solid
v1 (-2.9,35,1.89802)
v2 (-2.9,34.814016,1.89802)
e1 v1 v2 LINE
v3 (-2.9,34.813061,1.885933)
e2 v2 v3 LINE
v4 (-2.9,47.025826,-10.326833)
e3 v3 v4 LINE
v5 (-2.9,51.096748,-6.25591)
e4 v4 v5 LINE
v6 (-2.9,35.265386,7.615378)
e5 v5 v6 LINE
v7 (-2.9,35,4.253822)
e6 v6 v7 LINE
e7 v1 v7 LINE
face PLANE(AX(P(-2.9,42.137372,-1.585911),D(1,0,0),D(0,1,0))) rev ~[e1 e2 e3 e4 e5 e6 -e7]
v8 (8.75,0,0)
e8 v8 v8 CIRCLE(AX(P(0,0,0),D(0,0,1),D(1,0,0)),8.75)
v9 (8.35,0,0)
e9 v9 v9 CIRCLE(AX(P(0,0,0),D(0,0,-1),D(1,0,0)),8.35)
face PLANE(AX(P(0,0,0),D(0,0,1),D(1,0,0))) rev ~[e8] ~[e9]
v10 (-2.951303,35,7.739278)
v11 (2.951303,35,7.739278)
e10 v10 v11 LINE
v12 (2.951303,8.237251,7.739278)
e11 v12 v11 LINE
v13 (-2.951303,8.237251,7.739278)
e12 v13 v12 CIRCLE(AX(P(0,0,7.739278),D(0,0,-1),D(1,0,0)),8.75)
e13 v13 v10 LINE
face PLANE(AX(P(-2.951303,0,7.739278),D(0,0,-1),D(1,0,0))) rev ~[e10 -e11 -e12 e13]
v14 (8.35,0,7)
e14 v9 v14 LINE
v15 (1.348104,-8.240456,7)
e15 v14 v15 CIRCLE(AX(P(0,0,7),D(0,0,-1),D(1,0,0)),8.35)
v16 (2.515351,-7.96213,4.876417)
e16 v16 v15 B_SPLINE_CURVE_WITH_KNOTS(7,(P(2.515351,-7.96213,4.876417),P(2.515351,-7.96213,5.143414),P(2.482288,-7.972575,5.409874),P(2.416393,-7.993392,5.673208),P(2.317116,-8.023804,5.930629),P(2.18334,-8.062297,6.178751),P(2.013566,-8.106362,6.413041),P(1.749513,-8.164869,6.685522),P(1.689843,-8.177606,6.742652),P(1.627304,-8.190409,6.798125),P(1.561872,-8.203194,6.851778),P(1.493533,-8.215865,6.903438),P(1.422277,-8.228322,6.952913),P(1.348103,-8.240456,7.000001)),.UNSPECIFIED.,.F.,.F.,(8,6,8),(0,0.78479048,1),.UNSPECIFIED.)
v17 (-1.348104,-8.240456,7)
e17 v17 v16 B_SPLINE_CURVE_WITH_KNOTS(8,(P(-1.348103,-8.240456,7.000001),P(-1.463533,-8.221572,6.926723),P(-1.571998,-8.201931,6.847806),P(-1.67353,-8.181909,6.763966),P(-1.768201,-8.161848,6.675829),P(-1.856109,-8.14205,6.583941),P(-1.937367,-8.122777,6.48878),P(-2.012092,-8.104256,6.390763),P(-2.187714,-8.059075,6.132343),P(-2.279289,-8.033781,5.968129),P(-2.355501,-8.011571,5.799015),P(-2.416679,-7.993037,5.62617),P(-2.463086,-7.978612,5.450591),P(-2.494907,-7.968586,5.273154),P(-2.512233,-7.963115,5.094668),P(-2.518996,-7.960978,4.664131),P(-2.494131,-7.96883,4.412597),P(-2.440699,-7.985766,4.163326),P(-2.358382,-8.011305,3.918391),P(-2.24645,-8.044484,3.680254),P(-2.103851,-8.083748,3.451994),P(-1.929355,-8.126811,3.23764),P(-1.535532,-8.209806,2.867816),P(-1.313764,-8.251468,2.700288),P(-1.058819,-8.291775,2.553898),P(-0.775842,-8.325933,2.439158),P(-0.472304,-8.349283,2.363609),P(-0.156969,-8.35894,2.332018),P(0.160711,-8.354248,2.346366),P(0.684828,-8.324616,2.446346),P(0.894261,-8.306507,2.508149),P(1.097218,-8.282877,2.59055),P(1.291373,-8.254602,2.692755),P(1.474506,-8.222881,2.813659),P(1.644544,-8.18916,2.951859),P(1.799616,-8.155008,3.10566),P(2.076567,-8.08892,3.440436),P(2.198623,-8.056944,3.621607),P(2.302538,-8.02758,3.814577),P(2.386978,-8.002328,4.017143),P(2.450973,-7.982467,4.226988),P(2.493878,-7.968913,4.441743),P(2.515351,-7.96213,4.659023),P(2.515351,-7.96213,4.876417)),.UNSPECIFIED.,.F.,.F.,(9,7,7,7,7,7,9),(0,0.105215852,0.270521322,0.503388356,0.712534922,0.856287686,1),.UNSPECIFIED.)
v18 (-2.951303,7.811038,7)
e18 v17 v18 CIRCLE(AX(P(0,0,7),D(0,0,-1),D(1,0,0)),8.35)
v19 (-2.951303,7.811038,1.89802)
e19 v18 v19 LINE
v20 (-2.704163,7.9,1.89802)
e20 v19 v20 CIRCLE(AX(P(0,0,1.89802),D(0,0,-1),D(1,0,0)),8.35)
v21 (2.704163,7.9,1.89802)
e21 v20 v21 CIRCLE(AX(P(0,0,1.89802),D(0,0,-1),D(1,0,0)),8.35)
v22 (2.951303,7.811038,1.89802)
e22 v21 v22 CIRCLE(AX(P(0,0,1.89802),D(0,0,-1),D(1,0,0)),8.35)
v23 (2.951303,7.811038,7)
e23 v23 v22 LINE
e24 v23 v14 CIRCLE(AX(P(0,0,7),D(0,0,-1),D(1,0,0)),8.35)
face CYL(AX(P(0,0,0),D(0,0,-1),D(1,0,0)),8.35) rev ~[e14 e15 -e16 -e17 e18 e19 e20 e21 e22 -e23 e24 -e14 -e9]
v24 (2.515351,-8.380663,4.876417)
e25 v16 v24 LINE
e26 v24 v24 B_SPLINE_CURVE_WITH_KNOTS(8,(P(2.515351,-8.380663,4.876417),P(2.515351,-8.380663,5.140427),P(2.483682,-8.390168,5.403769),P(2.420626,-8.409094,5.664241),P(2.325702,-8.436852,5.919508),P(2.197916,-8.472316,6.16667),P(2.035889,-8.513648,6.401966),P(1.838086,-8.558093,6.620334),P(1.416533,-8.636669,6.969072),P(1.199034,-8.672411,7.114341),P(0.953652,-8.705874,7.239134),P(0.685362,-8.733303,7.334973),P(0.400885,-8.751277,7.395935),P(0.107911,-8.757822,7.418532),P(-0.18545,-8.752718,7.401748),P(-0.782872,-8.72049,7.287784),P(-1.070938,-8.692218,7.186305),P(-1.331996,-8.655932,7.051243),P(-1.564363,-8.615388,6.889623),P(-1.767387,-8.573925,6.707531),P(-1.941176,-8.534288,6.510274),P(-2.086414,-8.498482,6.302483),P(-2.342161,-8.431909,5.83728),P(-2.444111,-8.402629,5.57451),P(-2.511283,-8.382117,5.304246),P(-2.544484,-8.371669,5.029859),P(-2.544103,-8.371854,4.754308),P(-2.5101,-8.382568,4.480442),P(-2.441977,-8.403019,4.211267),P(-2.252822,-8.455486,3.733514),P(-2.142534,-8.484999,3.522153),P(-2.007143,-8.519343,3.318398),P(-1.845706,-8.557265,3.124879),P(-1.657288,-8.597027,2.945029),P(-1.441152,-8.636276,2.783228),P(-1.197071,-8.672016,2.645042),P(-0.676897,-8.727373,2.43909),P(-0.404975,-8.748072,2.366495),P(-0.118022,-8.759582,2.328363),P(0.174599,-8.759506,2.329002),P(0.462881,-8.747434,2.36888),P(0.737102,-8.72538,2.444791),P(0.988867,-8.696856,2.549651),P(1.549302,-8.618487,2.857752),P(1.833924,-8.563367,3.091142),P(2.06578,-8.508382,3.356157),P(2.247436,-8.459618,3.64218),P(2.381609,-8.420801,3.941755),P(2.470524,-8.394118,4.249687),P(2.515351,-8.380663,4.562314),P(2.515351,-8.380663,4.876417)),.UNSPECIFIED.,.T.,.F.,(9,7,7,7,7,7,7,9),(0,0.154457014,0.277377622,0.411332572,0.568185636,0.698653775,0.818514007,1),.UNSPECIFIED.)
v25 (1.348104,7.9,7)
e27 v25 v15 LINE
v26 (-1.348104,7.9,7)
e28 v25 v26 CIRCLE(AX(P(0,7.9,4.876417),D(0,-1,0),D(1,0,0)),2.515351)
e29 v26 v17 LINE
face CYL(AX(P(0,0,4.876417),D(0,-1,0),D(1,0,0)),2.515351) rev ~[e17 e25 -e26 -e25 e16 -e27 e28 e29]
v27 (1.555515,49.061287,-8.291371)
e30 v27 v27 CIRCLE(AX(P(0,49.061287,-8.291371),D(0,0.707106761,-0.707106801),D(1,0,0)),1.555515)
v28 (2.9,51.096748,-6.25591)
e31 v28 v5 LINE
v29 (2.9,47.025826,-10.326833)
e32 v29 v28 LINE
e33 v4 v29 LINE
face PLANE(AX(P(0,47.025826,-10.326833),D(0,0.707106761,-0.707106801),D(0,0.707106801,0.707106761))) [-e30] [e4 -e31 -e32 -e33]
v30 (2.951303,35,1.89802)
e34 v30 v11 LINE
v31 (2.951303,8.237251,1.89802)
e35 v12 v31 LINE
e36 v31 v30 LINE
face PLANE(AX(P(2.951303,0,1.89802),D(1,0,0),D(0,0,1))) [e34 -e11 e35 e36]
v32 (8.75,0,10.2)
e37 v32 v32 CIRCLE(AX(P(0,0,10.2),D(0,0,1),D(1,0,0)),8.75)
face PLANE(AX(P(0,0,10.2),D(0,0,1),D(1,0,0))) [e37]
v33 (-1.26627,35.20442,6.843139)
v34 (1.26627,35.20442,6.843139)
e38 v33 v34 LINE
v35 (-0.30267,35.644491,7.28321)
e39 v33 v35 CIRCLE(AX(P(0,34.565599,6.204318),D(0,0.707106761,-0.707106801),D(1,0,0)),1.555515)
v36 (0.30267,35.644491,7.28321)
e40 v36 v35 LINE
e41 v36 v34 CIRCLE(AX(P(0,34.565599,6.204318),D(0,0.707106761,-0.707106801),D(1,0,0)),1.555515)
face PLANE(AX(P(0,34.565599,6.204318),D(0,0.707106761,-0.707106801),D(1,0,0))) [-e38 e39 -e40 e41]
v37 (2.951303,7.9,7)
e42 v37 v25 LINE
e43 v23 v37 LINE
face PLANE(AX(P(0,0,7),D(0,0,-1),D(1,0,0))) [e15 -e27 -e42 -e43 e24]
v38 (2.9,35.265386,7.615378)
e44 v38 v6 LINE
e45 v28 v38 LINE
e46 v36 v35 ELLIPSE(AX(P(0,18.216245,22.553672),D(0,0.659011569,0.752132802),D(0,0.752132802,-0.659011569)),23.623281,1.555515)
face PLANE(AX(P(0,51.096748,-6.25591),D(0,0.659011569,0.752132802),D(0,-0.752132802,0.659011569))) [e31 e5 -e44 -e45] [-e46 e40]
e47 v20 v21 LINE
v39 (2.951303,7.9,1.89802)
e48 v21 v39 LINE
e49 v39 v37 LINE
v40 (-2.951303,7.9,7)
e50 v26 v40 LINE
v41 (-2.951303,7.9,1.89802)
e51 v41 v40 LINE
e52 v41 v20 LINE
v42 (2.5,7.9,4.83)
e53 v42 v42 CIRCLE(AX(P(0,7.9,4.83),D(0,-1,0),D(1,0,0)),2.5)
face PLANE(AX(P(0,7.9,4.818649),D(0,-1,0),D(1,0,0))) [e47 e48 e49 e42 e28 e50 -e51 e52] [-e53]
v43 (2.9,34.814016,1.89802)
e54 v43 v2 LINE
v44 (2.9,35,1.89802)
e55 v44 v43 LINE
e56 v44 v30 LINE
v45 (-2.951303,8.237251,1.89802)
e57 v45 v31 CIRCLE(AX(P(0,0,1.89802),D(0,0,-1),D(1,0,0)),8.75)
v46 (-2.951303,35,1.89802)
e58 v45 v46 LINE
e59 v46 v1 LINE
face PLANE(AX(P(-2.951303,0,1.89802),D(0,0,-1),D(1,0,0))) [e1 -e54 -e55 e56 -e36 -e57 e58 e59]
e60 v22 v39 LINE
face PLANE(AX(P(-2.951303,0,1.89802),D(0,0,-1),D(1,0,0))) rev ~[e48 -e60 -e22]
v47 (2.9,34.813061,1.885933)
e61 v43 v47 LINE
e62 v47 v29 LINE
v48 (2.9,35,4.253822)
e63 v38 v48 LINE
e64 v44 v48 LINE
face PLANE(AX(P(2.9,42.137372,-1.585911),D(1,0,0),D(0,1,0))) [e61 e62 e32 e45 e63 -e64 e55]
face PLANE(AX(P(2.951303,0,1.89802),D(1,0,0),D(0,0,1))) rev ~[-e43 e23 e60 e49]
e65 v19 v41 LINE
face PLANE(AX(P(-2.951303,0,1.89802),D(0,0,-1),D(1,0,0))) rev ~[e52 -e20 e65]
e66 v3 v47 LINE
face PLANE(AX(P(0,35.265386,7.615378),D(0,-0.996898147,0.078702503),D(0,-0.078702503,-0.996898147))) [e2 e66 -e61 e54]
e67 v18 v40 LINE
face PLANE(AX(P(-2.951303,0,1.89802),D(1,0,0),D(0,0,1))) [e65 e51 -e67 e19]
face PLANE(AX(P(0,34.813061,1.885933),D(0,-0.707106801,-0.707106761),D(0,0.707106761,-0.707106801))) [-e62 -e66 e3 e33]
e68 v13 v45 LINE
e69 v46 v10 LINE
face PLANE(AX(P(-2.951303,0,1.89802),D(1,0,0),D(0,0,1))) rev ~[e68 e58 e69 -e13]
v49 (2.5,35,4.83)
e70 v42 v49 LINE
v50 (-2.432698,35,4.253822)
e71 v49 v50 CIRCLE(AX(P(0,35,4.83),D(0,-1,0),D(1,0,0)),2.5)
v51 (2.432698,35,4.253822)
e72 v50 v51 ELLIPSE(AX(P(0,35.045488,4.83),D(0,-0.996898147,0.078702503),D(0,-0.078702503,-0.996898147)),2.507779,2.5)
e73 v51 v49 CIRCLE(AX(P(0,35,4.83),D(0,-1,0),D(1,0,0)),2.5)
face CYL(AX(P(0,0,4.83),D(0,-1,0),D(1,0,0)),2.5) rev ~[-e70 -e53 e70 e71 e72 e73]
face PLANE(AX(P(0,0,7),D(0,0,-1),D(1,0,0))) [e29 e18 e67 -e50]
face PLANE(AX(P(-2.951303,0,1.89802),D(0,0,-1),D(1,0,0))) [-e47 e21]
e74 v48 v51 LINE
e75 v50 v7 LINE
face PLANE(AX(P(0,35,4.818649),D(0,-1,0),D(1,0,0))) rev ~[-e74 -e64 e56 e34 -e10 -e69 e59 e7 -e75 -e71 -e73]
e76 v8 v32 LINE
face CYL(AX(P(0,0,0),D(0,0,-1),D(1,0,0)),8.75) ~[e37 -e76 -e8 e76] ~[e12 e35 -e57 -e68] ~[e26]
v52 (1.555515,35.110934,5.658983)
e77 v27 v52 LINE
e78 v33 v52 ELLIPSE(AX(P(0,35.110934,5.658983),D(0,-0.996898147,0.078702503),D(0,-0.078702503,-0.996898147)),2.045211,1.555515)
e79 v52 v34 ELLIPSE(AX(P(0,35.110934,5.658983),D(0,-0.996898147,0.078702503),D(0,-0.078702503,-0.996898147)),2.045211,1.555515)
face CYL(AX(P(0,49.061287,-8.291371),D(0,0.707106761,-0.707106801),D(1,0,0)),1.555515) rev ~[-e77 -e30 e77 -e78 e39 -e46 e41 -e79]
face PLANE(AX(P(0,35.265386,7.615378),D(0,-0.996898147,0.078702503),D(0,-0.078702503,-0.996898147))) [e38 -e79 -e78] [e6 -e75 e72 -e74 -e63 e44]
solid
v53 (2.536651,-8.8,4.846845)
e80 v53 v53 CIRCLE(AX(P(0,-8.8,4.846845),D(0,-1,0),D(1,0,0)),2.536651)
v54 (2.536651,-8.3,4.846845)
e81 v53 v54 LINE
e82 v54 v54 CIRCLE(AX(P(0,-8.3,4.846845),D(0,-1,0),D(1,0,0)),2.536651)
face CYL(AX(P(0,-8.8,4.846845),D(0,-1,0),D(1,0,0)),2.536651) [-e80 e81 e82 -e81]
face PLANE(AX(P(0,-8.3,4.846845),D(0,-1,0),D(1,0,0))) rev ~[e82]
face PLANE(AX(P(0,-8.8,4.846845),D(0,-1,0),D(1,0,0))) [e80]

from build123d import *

# Parameters (mm, degrees)
F0_R      = 8.75
F1_DEPTH  = 10.2
F3_R      = 2.5153510356
F4_DEPTH  = 9.4
F5_R      = 8.35
F6_DEPTH  = 7
F8_R      = 2.5366513064
F9_DEPTH  = 0.5
F10_W     = 5.9026055969
F10_H     = 5.841257982
F11_DEPTH = 35
F2_R      = 2.5
F12_DEPTH = 35
F13_DEPTH = 7.9
F15_DEPTH = 2.9
F16_R     = 1.555514707
F17_DEPTH = 20.5


with BuildPart() as f1:
    # F0 (on Top) → F1 (new body)
    with BuildSketch(Plane.XY):
        Circle(F0_R)
    extrude(amount=F1_DEPTH)

    # F3 (on Front) → F4 (cut, symmetric)
    with BuildSketch(Plane.XZ):
        with Locations((0, 4.8764166422)):
            Circle(F3_R)
    extrude(amount=F4_DEPTH, both=True, mode=Mode.SUBTRACT)

    # F5 (on face) → F6 (cut)
    with BuildSketch(Plane(origin=(0, 0, 0), x_dir=(1, 0, 0), z_dir=(0, 0, -1))):
        Circle(F5_R)
    extrude(amount=-F6_DEPTH, mode=Mode.SUBTRACT)

    # F10 (on Front) → F11 (join)
    with BuildSketch(Plane.XZ):
        with Locations((0, 4.8186485656)):
            Rectangle(F10_W, F10_H)
    extrude(amount=-F11_DEPTH)

    # F2 (on Front) → F12 (cut)
    with BuildSketch(Plane.XZ):
        with Locations((0, 4.83)):
            Circle(F2_R)
    extrude(amount=-F12_DEPTH, mode=Mode.SUBTRACT)

    # F13 (cut): a face of the model
    f13_faces = [f1.faces().sort_by_distance(p)[0] for p in [
        (0, 0, 1.9786558078),
    ]]
    extrude(f13_faces, amount=-F13_DEPTH, mode=Mode.SUBTRACT)

    # F14 (on Right) → F15 (join, symmetric)
    with BuildSketch(Plane.YZ):
        Polygon((35.2653861046, 7.6153781265), (34.8130613565, 1.8859326374), (47.0258258283, -10.3268325329), (51.0967484399, -6.2559101541), align=None)
    extrude(amount=F15_DEPTH, both=True)

    # F16 (on face) → F17 (cut)
    with BuildSketch(Plane(origin=(0, 28.6763278358, -28.6763294759), x_dir=(1, 0, 0), z_dir=(0, 0.707106761, -0.7071068014))):
        with Locations((0, -28.8286850837)):
            Circle(F16_R)
    extrude(amount=-F17_DEPTH, mode=Mode.SUBTRACT)


with BuildPart() as f9:
    # F8 (on offset) → F9 (new body)
    with BuildSketch(Plane.XZ.offset(8.8)):
        with Locations((0, 4.8468452878)):
            Circle(F8_R)
    extrude(amount=-F9_DEPTH)


solid = Compound([f1.part, f9.part])
